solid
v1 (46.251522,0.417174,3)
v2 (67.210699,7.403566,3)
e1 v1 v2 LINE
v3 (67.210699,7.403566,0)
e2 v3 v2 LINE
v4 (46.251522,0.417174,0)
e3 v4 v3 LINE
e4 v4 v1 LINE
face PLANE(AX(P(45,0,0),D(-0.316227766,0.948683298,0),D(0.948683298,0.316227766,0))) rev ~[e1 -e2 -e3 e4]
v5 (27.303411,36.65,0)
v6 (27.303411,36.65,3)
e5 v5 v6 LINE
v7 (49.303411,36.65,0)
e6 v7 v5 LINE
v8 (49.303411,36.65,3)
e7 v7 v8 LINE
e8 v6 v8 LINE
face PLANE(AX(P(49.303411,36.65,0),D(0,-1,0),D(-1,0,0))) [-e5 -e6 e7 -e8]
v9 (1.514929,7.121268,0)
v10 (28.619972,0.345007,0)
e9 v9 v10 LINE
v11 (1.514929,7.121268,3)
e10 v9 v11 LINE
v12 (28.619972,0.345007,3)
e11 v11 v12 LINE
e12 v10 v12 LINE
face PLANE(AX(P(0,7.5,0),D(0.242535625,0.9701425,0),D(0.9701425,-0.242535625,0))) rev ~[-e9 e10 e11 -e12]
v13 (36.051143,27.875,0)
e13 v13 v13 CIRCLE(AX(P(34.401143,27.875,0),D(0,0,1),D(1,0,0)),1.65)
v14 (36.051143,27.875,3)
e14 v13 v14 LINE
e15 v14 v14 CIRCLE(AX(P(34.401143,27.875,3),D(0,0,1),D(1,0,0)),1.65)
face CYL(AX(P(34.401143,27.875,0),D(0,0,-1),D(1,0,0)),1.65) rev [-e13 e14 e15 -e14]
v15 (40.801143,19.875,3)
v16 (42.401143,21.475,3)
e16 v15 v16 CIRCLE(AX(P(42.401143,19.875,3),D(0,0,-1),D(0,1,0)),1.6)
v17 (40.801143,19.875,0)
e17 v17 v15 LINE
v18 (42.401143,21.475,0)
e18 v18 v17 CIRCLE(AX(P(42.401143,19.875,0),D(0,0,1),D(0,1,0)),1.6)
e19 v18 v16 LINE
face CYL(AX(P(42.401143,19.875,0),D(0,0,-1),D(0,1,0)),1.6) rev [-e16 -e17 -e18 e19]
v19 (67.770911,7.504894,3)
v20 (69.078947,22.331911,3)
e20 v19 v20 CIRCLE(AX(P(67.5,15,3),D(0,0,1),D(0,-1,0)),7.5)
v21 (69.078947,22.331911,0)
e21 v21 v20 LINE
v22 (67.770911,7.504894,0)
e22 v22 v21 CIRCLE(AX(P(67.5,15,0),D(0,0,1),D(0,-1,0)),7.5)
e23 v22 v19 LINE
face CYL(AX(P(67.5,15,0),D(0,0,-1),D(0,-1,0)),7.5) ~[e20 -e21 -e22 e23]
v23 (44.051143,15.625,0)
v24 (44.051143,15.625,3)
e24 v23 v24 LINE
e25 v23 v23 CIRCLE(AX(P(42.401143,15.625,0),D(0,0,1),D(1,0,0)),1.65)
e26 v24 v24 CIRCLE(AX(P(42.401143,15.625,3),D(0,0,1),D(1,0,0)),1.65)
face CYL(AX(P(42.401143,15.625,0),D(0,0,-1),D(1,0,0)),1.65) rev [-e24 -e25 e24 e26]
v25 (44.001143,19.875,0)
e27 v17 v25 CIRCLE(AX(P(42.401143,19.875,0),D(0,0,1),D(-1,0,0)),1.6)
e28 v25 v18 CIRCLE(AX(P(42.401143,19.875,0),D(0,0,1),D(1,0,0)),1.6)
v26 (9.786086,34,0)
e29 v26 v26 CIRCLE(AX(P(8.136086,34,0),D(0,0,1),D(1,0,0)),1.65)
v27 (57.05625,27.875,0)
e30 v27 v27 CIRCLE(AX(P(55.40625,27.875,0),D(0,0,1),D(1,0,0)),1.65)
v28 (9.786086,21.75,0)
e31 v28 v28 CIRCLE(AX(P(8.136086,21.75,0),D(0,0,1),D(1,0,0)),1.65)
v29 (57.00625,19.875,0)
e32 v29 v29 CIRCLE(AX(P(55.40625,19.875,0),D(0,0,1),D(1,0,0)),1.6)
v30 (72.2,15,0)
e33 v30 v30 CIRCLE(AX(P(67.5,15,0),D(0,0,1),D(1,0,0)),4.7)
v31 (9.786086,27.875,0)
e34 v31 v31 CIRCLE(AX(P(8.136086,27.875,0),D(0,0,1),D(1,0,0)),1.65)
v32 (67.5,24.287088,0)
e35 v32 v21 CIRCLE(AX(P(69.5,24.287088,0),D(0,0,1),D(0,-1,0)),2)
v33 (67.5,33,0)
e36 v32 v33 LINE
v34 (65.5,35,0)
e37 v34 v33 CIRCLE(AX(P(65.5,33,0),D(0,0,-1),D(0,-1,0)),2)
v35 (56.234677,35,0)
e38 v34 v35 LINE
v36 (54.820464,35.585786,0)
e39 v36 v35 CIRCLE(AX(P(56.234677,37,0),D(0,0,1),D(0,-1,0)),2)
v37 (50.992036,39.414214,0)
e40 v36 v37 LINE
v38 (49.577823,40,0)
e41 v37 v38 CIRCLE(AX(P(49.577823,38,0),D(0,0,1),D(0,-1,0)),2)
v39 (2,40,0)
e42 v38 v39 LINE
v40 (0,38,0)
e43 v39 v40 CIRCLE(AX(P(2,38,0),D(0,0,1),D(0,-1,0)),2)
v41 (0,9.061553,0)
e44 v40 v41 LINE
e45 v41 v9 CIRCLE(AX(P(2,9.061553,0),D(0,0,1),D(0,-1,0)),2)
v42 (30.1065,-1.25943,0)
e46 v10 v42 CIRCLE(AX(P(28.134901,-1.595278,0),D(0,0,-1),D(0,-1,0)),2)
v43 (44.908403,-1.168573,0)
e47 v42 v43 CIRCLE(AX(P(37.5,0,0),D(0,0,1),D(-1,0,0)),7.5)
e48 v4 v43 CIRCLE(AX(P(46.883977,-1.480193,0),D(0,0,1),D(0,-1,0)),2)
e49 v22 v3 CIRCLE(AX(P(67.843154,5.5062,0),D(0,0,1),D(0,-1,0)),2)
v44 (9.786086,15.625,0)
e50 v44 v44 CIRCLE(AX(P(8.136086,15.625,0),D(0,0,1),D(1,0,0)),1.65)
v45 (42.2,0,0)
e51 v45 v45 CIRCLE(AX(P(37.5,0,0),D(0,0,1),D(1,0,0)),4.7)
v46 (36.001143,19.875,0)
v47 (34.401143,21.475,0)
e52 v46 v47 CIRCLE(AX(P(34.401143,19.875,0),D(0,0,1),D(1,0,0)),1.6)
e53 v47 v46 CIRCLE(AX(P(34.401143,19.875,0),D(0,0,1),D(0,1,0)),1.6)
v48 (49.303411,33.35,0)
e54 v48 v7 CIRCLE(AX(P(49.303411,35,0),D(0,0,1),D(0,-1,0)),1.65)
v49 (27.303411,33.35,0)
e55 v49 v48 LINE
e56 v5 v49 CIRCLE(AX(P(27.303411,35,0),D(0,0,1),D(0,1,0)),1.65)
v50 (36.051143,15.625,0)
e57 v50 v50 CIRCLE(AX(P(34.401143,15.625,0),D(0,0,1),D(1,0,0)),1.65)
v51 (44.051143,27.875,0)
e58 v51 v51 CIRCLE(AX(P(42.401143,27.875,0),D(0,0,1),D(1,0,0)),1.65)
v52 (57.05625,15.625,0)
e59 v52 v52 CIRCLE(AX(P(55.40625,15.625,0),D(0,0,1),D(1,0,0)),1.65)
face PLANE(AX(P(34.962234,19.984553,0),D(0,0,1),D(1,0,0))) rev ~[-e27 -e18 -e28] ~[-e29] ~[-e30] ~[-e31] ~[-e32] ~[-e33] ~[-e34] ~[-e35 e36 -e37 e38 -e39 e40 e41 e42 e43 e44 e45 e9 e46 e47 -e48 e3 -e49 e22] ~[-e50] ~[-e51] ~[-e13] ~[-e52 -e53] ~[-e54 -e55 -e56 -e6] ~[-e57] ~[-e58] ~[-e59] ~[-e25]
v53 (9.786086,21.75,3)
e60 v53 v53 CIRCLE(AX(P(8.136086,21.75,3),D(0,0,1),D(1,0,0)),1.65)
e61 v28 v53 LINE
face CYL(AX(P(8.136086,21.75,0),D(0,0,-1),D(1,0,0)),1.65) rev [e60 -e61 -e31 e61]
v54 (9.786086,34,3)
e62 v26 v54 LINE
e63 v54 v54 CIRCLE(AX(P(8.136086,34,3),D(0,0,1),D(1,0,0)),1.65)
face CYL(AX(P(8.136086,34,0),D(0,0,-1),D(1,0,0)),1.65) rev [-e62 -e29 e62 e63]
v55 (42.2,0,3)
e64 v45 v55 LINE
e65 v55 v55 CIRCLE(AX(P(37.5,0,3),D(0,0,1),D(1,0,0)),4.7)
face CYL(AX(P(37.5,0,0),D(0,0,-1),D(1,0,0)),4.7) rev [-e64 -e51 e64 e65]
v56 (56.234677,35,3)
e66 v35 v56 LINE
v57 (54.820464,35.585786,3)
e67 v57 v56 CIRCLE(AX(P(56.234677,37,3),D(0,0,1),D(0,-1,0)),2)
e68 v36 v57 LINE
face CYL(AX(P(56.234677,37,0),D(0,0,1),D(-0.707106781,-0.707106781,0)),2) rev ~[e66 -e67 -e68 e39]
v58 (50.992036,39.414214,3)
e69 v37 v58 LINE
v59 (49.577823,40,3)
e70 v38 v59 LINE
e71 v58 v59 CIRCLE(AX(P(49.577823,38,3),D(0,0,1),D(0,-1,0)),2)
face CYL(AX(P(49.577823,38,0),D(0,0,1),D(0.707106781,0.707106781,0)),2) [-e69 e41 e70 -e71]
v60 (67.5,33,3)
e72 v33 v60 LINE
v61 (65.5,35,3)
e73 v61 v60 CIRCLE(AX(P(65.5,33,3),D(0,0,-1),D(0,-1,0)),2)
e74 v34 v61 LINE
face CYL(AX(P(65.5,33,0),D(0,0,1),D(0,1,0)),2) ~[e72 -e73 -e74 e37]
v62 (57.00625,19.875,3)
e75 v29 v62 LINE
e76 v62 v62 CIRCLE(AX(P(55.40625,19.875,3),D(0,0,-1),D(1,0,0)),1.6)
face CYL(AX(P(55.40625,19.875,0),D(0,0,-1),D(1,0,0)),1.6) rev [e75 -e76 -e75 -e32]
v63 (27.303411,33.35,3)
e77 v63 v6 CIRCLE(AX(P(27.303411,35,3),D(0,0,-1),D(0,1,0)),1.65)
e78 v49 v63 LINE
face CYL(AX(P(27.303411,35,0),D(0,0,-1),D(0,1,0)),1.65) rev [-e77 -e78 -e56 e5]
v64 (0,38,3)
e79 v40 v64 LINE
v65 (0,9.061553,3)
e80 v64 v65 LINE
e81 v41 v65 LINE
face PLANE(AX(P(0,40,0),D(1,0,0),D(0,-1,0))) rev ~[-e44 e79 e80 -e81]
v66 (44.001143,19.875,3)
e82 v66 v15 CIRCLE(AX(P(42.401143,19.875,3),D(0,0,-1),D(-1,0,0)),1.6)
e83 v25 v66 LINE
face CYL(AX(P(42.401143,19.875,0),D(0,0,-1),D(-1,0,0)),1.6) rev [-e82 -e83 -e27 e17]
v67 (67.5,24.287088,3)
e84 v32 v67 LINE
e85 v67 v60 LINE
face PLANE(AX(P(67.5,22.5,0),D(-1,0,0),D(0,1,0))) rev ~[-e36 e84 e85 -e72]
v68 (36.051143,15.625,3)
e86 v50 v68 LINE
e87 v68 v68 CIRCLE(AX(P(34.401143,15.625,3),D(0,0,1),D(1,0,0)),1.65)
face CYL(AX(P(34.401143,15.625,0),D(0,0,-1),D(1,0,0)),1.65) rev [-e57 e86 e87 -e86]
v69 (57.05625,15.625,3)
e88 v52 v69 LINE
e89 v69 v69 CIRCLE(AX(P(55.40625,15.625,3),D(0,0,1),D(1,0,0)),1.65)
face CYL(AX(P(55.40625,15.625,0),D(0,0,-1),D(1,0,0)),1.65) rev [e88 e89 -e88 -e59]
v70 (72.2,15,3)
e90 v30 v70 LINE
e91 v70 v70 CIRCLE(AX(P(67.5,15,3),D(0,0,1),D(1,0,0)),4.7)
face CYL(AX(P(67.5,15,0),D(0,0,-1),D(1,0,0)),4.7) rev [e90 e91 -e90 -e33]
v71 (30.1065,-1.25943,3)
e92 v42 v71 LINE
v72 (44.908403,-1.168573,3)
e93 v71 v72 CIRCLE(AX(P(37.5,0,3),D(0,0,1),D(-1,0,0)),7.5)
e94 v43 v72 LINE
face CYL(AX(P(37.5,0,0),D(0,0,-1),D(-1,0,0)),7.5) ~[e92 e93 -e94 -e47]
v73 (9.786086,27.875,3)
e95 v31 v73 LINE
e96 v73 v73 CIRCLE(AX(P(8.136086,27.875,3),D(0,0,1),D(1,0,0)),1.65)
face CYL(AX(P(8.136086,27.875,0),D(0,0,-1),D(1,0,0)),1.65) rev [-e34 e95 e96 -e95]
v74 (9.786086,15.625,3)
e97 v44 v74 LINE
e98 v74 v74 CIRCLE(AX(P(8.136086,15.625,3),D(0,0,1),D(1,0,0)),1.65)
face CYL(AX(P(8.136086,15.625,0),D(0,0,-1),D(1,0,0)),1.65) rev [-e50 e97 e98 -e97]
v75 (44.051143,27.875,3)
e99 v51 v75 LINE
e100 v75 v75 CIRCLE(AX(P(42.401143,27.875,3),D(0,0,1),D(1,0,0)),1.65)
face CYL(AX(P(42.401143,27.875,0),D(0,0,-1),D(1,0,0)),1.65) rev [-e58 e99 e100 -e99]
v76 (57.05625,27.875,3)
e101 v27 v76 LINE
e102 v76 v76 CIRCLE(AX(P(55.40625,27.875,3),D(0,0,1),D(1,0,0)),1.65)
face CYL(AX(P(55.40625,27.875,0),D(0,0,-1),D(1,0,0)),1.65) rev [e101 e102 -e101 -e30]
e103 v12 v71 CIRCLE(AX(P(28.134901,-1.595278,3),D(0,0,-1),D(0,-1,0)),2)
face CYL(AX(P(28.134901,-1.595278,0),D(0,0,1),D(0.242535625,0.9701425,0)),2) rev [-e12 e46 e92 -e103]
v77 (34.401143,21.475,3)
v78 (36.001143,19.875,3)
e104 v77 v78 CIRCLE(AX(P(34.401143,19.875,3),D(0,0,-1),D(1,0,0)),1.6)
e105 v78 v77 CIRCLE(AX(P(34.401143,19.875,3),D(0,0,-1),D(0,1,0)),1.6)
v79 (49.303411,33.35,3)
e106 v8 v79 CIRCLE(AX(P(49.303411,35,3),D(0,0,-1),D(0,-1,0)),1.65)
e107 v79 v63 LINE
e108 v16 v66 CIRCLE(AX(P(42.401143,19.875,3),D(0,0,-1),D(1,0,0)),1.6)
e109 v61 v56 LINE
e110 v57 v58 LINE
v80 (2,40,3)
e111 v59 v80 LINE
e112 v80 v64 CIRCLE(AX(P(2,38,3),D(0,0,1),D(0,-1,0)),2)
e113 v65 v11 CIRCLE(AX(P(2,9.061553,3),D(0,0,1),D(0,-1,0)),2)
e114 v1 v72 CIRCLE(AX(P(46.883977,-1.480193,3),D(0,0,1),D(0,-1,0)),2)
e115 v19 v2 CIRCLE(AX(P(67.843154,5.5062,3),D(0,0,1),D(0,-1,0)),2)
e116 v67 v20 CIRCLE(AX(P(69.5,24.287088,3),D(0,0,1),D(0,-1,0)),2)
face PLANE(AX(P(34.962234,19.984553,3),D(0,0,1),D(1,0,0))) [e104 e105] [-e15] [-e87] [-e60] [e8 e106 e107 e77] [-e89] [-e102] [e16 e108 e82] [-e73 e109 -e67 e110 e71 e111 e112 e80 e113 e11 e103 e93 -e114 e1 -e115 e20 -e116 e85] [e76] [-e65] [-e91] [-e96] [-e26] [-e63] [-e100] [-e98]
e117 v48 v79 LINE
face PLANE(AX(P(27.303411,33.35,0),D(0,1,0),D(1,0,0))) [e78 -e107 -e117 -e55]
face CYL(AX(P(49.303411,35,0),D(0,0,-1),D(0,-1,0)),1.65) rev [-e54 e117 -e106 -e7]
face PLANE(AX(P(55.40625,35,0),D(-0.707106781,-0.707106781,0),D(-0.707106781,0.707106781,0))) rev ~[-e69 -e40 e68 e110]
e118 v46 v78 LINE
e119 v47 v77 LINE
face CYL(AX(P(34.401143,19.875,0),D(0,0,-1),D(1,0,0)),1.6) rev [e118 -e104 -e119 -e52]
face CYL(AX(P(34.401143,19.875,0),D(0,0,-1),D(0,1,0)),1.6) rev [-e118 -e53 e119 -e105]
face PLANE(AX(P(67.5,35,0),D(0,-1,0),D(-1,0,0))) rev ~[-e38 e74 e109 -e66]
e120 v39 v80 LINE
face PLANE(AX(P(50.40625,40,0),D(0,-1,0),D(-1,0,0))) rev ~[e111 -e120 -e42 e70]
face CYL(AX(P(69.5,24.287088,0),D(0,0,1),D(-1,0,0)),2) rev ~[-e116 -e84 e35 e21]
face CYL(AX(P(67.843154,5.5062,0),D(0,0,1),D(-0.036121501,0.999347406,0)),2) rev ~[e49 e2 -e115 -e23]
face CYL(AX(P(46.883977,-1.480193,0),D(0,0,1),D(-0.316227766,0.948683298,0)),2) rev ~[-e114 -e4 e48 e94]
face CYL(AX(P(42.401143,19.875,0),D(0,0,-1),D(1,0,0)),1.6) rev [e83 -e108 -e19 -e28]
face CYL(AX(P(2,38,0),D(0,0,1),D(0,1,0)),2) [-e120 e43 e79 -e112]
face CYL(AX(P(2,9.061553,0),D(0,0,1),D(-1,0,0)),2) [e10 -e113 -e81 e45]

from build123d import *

# Parameters (mm, degrees)
SKETCH_1_R          = 1.65
SKETCH_1_R_2        = 4.7
EXTRUDE_1_DEPTH     = 3
FILLET_4_R          = 2
CUT_EXTRUDE_2_DEPTH = 10
SKETCH_3_R          = 1.6
CUT_EXTRUDE_4_DEPTH = 10


with BuildPart() as part:
    # 草图1 → 凸台-拉伸1 (new body)
    with BuildSketch(Plane.XY):
        with BuildLine():
            Line((55.40625, 35), (50.40625, 40))
            Line((50.40625, 40), (0, 40))
            Line((0, 40), (0, 7.5))
            Line((0, 7.5), (30, 0))
            ThreePointArc((30, 0), (37.5, -7.5), (45, 0))
            Line((45, 0), (67.5, 7.5))
            ThreePointArc((67.5, 7.5), (75, 15), (67.5, 22.5))
            Line((67.5, 22.5), (67.5, 35))
            Line((67.5, 35), (55.40625, 35))
        make_face()
        with Locations((8.136085868, 34)):
            Circle(SKETCH_1_R, mode=Mode.SUBTRACT)
        with Locations((42.401142919, 27.875)):
            Circle(SKETCH_1_R, mode=Mode.SUBTRACT)
        with Locations((34.401142919, 27.875)):
            Circle(SKETCH_1_R, mode=Mode.SUBTRACT)
        with Locations((55.40625, 27.875)):
            Circle(SKETCH_1_R, mode=Mode.SUBTRACT)
        with Locations((8.136085868, 15.625)):
            Circle(SKETCH_1_R, mode=Mode.SUBTRACT)
        with Locations((34.401142919, 15.625)):
            Circle(SKETCH_1_R, mode=Mode.SUBTRACT)
        with Locations((42.401142919, 15.625)):
            Circle(SKETCH_1_R, mode=Mode.SUBTRACT)
        with Locations((55.40625, 15.625)):
            Circle(SKETCH_1_R, mode=Mode.SUBTRACT)
        with Locations((8.136085868, 21.75)):
            Circle(SKETCH_1_R, mode=Mode.SUBTRACT)
        with Locations((8.136085868, 27.875)):
            Circle(SKETCH_1_R, mode=Mode.SUBTRACT)
        with Locations((37.5, 0)):
            Circle(SKETCH_1_R_2, mode=Mode.SUBTRACT)
        with Locations((67.5, 15)):
            Circle(SKETCH_1_R_2, mode=Mode.SUBTRACT)
    extrude(amount=EXTRUDE_1_DEPTH)

    # 圆角4
    fillet_4_edges = [part.edges().sort_by_distance(p)[0] for p in [
        (55.40625, 35, 1.5),
        (67.5, 35, 1.5),
        (67.5, 22.5, 1.5),
        (67.5, 7.5, 1.5),
        (45, 0, 1.5),
        (30, 0, 1.5),
        (0, 7.5, 1.5),
        (0, 40, 1.5),
        (50.40625, 40, 1.5),
    ]]
    fillet(fillet_4_edges, radius=FILLET_4_R)

    # 草图2 → 切除-拉伸2 (cut)
    with BuildSketch(Plane.XY):
        with BuildLine():
            Line((49.30341073, 36.65), (27.30341073, 36.65))
            ThreePointArc((27.30341073, 36.65), (25.65341073, 35), (27.30341073, 33.35))
            Line((27.30341073, 33.35), (49.30341073, 33.35))
            ThreePointArc((49.30341073, 33.35), (50.95341073, 35), (49.30341073, 36.65))
        make_face()
    extrude(amount=CUT_EXTRUDE_2_DEPTH, mode=Mode.SUBTRACT)

    # 草图3 → 切除-拉伸4 (cut)
    with BuildSketch(Plane.XY):
        with BuildLine():
            ThreePointArc((36.001142919, 19.875), (35.532513769, 21.00637085), (34.401142919, 21.475))
            Line((34.401142919, 21.475), (34.401142919, 19.875))
            Line((34.401142919, 19.875), (36.001142919, 19.875))
        make_face()
        with BuildLine():
            Line((34.401142919, 19.875), (34.401142919, 21.475))
            ThreePointArc((34.401142919, 21.475), (33.269772069, 18.74362915), (36.001142919, 19.875))
            Line((36.001142919, 19.875), (34.401142919, 19.875))
        make_face()
        with BuildLine():
            ThreePointArc((44.001142919, 19.875), (43.532513769, 21.00637085), (42.401142919, 21.475))
            Line((42.401142919, 21.475), (42.401142919, 19.875))
            Line((42.401142919, 19.875), (40.801142919, 19.875))
            ThreePointArc((40.801142919, 19.875), (42.401142919, 18.275), (44.001142919, 19.875))
        make_face()
        with BuildLine():
            Line((42.401142919, 19.875), (42.401142919, 21.475))
            ThreePointArc((42.401142919, 21.475), (41.269772069, 21.00637085), (40.801142919, 19.875))
            Line((40.801142919, 19.875), (42.401142919, 19.875))
        make_face()
        with Locations((55.40625, 19.875)):
            Circle(SKETCH_3_R)
    extrude(amount=CUT_EXTRUDE_4_DEPTH, mode=Mode.SUBTRACT)


solid = part.part
